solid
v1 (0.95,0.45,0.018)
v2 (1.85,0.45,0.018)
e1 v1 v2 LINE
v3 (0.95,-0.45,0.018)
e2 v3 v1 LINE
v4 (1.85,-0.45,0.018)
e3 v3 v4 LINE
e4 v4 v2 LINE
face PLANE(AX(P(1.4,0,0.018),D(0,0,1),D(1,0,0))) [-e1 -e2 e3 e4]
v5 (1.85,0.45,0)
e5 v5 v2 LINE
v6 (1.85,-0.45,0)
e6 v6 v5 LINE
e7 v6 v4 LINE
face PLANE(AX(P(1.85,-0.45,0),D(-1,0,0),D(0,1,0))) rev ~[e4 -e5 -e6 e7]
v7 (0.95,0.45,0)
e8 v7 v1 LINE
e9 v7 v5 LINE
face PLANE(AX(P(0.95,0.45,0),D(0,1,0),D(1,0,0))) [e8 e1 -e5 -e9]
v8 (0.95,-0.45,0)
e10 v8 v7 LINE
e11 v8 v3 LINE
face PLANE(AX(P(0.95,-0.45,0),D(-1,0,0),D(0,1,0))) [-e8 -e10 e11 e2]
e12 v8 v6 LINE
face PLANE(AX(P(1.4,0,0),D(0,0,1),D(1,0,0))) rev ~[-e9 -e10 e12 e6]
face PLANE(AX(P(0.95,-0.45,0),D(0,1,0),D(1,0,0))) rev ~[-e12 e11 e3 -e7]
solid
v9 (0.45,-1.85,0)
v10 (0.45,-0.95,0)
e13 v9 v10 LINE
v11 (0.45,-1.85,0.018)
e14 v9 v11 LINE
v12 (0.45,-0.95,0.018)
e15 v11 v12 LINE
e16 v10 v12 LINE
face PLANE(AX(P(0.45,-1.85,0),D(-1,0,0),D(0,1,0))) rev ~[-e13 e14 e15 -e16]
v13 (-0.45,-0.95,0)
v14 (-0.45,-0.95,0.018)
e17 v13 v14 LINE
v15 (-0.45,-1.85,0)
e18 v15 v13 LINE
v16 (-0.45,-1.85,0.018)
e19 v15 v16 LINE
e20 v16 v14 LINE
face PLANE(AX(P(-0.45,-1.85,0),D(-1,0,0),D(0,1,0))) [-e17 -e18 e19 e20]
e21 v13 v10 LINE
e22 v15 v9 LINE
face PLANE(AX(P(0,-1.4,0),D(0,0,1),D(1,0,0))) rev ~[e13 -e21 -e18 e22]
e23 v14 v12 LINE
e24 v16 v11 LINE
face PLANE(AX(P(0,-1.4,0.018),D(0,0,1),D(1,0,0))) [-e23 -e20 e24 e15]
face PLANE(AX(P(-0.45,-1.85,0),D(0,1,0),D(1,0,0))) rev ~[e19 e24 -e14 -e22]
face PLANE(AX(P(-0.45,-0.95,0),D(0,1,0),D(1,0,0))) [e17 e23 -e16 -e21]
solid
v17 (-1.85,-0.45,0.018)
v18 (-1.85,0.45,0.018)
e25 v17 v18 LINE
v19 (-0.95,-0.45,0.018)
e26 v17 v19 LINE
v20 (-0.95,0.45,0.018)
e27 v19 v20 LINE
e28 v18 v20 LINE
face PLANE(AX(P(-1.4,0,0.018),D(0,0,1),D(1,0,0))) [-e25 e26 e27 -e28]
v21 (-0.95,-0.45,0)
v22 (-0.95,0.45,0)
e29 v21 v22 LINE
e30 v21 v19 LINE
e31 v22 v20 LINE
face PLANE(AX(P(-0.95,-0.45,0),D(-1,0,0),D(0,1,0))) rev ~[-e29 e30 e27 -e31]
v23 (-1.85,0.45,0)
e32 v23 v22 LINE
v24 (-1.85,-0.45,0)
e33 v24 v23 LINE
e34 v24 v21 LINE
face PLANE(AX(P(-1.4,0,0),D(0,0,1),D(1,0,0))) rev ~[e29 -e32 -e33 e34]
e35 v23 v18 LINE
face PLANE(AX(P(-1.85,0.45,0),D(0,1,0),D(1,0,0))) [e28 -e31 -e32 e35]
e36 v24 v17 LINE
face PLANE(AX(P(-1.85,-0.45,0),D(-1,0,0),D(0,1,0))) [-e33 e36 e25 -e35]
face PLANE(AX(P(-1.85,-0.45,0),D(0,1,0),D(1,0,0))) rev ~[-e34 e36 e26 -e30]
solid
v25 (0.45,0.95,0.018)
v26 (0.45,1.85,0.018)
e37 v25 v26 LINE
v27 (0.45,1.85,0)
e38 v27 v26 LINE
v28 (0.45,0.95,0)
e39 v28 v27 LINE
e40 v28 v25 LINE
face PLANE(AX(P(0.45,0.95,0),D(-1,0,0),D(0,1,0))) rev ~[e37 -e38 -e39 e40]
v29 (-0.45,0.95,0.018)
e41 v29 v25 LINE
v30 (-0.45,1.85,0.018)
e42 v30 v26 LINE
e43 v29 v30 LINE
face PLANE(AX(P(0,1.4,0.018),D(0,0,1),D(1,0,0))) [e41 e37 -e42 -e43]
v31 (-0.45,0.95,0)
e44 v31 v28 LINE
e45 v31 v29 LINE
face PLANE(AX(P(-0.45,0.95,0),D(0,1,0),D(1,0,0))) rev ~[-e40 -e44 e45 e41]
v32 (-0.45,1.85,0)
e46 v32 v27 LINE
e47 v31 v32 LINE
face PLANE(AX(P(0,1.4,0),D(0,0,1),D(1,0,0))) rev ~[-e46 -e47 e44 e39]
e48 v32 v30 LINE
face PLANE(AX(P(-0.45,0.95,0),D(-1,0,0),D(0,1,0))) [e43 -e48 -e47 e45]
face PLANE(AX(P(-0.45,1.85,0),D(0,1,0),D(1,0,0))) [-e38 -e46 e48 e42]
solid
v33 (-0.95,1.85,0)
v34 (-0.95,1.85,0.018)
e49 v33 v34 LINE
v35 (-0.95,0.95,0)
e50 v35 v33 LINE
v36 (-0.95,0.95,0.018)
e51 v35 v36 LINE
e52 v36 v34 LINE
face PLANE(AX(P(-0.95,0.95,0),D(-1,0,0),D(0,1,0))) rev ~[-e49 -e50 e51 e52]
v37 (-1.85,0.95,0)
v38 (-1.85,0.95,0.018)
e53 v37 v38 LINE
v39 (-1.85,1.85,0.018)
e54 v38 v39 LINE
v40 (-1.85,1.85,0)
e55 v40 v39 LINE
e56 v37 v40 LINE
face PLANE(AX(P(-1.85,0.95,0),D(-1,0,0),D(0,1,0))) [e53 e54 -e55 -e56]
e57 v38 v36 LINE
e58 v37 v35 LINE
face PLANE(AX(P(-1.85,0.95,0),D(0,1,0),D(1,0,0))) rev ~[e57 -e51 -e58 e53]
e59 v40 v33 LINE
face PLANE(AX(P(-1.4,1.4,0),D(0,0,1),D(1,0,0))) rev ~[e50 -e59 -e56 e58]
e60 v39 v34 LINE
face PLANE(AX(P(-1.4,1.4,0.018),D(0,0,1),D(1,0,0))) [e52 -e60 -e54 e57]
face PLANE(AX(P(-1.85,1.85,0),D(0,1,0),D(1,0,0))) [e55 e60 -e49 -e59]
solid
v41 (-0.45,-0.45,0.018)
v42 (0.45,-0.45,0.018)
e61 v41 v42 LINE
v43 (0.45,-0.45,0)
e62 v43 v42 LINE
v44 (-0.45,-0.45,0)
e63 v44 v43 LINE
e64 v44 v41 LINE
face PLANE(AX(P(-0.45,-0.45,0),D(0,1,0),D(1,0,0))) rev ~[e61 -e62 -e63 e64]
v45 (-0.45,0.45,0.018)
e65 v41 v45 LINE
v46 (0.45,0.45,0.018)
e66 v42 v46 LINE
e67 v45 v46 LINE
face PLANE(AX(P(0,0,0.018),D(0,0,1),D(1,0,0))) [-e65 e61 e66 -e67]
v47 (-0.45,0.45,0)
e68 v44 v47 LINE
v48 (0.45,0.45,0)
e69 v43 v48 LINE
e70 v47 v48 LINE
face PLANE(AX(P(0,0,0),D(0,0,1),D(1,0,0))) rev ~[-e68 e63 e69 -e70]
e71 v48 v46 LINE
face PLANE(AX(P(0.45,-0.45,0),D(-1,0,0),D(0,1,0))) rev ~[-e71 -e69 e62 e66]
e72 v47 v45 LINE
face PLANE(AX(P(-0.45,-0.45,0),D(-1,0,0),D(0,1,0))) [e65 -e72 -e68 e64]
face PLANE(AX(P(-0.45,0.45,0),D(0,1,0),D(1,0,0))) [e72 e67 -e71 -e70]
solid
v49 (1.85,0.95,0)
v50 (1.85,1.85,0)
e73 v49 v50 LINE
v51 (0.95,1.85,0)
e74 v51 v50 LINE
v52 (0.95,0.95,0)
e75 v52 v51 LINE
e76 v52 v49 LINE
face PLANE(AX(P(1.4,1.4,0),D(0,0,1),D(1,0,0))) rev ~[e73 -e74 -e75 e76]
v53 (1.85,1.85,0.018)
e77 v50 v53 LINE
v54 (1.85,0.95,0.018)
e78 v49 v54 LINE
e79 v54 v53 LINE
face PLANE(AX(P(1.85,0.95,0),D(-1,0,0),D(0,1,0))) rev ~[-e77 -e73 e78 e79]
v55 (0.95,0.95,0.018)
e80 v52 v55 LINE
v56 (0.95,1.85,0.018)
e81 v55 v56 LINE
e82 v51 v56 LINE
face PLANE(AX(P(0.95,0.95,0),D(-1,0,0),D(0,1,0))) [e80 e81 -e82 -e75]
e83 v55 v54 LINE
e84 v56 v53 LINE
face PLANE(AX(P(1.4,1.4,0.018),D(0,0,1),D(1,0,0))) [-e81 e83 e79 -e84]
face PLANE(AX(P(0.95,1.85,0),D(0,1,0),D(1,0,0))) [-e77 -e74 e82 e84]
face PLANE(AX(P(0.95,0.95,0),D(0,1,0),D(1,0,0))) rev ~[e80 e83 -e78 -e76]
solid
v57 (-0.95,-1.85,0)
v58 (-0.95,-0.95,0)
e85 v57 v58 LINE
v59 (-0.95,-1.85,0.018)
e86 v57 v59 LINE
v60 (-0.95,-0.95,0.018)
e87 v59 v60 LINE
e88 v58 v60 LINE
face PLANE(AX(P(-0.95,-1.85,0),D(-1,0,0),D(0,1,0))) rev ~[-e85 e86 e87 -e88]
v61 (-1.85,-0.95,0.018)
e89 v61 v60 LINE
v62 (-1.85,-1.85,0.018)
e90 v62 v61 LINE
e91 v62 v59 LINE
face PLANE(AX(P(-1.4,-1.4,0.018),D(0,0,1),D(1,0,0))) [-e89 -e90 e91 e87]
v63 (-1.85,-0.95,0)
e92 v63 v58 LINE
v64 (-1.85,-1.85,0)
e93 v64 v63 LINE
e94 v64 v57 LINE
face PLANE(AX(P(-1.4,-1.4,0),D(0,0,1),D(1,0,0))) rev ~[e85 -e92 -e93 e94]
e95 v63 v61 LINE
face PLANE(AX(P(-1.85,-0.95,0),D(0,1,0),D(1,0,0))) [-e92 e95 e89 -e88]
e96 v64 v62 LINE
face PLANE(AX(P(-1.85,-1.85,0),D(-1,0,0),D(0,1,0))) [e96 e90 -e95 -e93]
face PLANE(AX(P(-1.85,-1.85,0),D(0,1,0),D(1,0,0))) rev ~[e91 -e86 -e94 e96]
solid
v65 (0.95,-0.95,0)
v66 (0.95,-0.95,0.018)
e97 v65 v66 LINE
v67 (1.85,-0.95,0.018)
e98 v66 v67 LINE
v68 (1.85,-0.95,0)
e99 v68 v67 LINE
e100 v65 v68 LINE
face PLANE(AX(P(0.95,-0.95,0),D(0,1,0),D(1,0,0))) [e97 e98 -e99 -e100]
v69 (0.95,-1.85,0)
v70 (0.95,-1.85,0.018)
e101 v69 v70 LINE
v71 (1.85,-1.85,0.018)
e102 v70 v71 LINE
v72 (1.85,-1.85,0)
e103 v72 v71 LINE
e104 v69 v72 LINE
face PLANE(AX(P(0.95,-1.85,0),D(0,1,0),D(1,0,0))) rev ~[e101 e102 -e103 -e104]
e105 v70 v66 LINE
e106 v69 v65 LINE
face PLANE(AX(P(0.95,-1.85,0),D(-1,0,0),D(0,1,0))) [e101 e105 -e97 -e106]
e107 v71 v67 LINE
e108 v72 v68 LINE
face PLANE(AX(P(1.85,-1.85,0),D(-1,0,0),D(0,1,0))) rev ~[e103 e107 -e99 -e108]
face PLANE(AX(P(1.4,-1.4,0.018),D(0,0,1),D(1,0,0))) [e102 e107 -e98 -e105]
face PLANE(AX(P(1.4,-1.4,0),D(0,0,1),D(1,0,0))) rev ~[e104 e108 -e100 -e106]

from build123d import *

# Parameters (mm, degrees)
SKICA1_W                  = 0.9
SKICA1_H                  = 0.9
P_IDAT_VYSUNUT_M1_DEPTH   = 0.018
P_IDAT_VYSUNUT_M1_2_DEPTH = 0.018
P_IDAT_VYSUNUT_M1_3_DEPTH = 0.018
P_IDAT_VYSUNUT_M1_4_DEPTH = 0.018
P_IDAT_VYSUNUT_M1_5_DEPTH = 0.018
P_IDAT_VYSUNUT_M1_6_DEPTH = 0.018
P_IDAT_VYSUNUT_M1_7_DEPTH = 0.018
P_IDAT_VYSUNUT_M1_8_DEPTH = 0.018
P_IDAT_VYSUNUT_M1_9_DEPTH = 0.018


with BuildPart() as part:
    # Skica1 → Přidat vysunutím1 (new body)
    with BuildSketch(Plane.XY):
        with Locations((-1.4, 1.4)):
            Rectangle(SKICA1_W, SKICA1_H)
    extrude(amount=P_IDAT_VYSUNUT_M1_DEPTH)


with BuildPart() as body_2:
    # Skica1 → P_idat vysunut_m1 2 (new body)
    with BuildSketch(Plane.XY):
        with Locations((1.4, -1.4)):
            Rectangle(SKICA1_W, SKICA1_H)
    extrude(amount=P_IDAT_VYSUNUT_M1_2_DEPTH)


with BuildPart() as body_3:
    # Skica1 → P_idat vysunut_m1 3 (new body)
    with BuildSketch(Plane.XY):
        with Locations((1.4, 1.4)):
            Rectangle(SKICA1_W, SKICA1_H)
    extrude(amount=P_IDAT_VYSUNUT_M1_3_DEPTH)


with BuildPart() as body_4:
    # Skica1 → P_idat vysunut_m1 4 (new body)
    with BuildSketch(Plane.XY):
        with Locations((-1.4, -1.4)):
            Rectangle(SKICA1_W, SKICA1_H)
    extrude(amount=P_IDAT_VYSUNUT_M1_4_DEPTH)


with BuildPart() as body_5:
    # Skica1 → P_idat vysunut_m1 5 (new body)
    with BuildSketch(Plane.XY):
        with Locations((0, 1.4)):
            Rectangle(SKICA1_W, SKICA1_H)
    extrude(amount=P_IDAT_VYSUNUT_M1_5_DEPTH)


with BuildPart() as body_6:
    # Skica1 → P_idat vysunut_m1 6 (new body)
    with BuildSketch(Plane.XY):
        with Locations((-1.4, 0)):
            Rectangle(SKICA1_W, SKICA1_H)
    extrude(amount=P_IDAT_VYSUNUT_M1_6_DEPTH)


with BuildPart() as body_7:
    # Skica1 → P_idat vysunut_m1 7 (new body)
    with BuildSketch(Plane.XY):
        with Locations((1.4, 0)):
            Rectangle(SKICA1_W, SKICA1_H)
    extrude(amount=P_IDAT_VYSUNUT_M1_7_DEPTH)


with BuildPart() as body_8:
    # Skica1 → P_idat vysunut_m1 8 (new body)
    with BuildSketch(Plane.XY):
        Rectangle(SKICA1_W, SKICA1_H)
    extrude(amount=P_IDAT_VYSUNUT_M1_8_DEPTH)


with BuildPart() as body_9:
    # Skica1 → P_idat vysunut_m1 9 (new body)
    with BuildSketch(Plane.XY):
        with Locations((0, -1.4)):
            Rectangle(SKICA1_W, SKICA1_H)
    extrude(amount=P_IDAT_VYSUNUT_M1_9_DEPTH)


solid = Compound([part.part, body_2.part, body_3.part, body_4.part, body_5.part, body_6.part, body_7.part, body_8.part, body_9.part])
